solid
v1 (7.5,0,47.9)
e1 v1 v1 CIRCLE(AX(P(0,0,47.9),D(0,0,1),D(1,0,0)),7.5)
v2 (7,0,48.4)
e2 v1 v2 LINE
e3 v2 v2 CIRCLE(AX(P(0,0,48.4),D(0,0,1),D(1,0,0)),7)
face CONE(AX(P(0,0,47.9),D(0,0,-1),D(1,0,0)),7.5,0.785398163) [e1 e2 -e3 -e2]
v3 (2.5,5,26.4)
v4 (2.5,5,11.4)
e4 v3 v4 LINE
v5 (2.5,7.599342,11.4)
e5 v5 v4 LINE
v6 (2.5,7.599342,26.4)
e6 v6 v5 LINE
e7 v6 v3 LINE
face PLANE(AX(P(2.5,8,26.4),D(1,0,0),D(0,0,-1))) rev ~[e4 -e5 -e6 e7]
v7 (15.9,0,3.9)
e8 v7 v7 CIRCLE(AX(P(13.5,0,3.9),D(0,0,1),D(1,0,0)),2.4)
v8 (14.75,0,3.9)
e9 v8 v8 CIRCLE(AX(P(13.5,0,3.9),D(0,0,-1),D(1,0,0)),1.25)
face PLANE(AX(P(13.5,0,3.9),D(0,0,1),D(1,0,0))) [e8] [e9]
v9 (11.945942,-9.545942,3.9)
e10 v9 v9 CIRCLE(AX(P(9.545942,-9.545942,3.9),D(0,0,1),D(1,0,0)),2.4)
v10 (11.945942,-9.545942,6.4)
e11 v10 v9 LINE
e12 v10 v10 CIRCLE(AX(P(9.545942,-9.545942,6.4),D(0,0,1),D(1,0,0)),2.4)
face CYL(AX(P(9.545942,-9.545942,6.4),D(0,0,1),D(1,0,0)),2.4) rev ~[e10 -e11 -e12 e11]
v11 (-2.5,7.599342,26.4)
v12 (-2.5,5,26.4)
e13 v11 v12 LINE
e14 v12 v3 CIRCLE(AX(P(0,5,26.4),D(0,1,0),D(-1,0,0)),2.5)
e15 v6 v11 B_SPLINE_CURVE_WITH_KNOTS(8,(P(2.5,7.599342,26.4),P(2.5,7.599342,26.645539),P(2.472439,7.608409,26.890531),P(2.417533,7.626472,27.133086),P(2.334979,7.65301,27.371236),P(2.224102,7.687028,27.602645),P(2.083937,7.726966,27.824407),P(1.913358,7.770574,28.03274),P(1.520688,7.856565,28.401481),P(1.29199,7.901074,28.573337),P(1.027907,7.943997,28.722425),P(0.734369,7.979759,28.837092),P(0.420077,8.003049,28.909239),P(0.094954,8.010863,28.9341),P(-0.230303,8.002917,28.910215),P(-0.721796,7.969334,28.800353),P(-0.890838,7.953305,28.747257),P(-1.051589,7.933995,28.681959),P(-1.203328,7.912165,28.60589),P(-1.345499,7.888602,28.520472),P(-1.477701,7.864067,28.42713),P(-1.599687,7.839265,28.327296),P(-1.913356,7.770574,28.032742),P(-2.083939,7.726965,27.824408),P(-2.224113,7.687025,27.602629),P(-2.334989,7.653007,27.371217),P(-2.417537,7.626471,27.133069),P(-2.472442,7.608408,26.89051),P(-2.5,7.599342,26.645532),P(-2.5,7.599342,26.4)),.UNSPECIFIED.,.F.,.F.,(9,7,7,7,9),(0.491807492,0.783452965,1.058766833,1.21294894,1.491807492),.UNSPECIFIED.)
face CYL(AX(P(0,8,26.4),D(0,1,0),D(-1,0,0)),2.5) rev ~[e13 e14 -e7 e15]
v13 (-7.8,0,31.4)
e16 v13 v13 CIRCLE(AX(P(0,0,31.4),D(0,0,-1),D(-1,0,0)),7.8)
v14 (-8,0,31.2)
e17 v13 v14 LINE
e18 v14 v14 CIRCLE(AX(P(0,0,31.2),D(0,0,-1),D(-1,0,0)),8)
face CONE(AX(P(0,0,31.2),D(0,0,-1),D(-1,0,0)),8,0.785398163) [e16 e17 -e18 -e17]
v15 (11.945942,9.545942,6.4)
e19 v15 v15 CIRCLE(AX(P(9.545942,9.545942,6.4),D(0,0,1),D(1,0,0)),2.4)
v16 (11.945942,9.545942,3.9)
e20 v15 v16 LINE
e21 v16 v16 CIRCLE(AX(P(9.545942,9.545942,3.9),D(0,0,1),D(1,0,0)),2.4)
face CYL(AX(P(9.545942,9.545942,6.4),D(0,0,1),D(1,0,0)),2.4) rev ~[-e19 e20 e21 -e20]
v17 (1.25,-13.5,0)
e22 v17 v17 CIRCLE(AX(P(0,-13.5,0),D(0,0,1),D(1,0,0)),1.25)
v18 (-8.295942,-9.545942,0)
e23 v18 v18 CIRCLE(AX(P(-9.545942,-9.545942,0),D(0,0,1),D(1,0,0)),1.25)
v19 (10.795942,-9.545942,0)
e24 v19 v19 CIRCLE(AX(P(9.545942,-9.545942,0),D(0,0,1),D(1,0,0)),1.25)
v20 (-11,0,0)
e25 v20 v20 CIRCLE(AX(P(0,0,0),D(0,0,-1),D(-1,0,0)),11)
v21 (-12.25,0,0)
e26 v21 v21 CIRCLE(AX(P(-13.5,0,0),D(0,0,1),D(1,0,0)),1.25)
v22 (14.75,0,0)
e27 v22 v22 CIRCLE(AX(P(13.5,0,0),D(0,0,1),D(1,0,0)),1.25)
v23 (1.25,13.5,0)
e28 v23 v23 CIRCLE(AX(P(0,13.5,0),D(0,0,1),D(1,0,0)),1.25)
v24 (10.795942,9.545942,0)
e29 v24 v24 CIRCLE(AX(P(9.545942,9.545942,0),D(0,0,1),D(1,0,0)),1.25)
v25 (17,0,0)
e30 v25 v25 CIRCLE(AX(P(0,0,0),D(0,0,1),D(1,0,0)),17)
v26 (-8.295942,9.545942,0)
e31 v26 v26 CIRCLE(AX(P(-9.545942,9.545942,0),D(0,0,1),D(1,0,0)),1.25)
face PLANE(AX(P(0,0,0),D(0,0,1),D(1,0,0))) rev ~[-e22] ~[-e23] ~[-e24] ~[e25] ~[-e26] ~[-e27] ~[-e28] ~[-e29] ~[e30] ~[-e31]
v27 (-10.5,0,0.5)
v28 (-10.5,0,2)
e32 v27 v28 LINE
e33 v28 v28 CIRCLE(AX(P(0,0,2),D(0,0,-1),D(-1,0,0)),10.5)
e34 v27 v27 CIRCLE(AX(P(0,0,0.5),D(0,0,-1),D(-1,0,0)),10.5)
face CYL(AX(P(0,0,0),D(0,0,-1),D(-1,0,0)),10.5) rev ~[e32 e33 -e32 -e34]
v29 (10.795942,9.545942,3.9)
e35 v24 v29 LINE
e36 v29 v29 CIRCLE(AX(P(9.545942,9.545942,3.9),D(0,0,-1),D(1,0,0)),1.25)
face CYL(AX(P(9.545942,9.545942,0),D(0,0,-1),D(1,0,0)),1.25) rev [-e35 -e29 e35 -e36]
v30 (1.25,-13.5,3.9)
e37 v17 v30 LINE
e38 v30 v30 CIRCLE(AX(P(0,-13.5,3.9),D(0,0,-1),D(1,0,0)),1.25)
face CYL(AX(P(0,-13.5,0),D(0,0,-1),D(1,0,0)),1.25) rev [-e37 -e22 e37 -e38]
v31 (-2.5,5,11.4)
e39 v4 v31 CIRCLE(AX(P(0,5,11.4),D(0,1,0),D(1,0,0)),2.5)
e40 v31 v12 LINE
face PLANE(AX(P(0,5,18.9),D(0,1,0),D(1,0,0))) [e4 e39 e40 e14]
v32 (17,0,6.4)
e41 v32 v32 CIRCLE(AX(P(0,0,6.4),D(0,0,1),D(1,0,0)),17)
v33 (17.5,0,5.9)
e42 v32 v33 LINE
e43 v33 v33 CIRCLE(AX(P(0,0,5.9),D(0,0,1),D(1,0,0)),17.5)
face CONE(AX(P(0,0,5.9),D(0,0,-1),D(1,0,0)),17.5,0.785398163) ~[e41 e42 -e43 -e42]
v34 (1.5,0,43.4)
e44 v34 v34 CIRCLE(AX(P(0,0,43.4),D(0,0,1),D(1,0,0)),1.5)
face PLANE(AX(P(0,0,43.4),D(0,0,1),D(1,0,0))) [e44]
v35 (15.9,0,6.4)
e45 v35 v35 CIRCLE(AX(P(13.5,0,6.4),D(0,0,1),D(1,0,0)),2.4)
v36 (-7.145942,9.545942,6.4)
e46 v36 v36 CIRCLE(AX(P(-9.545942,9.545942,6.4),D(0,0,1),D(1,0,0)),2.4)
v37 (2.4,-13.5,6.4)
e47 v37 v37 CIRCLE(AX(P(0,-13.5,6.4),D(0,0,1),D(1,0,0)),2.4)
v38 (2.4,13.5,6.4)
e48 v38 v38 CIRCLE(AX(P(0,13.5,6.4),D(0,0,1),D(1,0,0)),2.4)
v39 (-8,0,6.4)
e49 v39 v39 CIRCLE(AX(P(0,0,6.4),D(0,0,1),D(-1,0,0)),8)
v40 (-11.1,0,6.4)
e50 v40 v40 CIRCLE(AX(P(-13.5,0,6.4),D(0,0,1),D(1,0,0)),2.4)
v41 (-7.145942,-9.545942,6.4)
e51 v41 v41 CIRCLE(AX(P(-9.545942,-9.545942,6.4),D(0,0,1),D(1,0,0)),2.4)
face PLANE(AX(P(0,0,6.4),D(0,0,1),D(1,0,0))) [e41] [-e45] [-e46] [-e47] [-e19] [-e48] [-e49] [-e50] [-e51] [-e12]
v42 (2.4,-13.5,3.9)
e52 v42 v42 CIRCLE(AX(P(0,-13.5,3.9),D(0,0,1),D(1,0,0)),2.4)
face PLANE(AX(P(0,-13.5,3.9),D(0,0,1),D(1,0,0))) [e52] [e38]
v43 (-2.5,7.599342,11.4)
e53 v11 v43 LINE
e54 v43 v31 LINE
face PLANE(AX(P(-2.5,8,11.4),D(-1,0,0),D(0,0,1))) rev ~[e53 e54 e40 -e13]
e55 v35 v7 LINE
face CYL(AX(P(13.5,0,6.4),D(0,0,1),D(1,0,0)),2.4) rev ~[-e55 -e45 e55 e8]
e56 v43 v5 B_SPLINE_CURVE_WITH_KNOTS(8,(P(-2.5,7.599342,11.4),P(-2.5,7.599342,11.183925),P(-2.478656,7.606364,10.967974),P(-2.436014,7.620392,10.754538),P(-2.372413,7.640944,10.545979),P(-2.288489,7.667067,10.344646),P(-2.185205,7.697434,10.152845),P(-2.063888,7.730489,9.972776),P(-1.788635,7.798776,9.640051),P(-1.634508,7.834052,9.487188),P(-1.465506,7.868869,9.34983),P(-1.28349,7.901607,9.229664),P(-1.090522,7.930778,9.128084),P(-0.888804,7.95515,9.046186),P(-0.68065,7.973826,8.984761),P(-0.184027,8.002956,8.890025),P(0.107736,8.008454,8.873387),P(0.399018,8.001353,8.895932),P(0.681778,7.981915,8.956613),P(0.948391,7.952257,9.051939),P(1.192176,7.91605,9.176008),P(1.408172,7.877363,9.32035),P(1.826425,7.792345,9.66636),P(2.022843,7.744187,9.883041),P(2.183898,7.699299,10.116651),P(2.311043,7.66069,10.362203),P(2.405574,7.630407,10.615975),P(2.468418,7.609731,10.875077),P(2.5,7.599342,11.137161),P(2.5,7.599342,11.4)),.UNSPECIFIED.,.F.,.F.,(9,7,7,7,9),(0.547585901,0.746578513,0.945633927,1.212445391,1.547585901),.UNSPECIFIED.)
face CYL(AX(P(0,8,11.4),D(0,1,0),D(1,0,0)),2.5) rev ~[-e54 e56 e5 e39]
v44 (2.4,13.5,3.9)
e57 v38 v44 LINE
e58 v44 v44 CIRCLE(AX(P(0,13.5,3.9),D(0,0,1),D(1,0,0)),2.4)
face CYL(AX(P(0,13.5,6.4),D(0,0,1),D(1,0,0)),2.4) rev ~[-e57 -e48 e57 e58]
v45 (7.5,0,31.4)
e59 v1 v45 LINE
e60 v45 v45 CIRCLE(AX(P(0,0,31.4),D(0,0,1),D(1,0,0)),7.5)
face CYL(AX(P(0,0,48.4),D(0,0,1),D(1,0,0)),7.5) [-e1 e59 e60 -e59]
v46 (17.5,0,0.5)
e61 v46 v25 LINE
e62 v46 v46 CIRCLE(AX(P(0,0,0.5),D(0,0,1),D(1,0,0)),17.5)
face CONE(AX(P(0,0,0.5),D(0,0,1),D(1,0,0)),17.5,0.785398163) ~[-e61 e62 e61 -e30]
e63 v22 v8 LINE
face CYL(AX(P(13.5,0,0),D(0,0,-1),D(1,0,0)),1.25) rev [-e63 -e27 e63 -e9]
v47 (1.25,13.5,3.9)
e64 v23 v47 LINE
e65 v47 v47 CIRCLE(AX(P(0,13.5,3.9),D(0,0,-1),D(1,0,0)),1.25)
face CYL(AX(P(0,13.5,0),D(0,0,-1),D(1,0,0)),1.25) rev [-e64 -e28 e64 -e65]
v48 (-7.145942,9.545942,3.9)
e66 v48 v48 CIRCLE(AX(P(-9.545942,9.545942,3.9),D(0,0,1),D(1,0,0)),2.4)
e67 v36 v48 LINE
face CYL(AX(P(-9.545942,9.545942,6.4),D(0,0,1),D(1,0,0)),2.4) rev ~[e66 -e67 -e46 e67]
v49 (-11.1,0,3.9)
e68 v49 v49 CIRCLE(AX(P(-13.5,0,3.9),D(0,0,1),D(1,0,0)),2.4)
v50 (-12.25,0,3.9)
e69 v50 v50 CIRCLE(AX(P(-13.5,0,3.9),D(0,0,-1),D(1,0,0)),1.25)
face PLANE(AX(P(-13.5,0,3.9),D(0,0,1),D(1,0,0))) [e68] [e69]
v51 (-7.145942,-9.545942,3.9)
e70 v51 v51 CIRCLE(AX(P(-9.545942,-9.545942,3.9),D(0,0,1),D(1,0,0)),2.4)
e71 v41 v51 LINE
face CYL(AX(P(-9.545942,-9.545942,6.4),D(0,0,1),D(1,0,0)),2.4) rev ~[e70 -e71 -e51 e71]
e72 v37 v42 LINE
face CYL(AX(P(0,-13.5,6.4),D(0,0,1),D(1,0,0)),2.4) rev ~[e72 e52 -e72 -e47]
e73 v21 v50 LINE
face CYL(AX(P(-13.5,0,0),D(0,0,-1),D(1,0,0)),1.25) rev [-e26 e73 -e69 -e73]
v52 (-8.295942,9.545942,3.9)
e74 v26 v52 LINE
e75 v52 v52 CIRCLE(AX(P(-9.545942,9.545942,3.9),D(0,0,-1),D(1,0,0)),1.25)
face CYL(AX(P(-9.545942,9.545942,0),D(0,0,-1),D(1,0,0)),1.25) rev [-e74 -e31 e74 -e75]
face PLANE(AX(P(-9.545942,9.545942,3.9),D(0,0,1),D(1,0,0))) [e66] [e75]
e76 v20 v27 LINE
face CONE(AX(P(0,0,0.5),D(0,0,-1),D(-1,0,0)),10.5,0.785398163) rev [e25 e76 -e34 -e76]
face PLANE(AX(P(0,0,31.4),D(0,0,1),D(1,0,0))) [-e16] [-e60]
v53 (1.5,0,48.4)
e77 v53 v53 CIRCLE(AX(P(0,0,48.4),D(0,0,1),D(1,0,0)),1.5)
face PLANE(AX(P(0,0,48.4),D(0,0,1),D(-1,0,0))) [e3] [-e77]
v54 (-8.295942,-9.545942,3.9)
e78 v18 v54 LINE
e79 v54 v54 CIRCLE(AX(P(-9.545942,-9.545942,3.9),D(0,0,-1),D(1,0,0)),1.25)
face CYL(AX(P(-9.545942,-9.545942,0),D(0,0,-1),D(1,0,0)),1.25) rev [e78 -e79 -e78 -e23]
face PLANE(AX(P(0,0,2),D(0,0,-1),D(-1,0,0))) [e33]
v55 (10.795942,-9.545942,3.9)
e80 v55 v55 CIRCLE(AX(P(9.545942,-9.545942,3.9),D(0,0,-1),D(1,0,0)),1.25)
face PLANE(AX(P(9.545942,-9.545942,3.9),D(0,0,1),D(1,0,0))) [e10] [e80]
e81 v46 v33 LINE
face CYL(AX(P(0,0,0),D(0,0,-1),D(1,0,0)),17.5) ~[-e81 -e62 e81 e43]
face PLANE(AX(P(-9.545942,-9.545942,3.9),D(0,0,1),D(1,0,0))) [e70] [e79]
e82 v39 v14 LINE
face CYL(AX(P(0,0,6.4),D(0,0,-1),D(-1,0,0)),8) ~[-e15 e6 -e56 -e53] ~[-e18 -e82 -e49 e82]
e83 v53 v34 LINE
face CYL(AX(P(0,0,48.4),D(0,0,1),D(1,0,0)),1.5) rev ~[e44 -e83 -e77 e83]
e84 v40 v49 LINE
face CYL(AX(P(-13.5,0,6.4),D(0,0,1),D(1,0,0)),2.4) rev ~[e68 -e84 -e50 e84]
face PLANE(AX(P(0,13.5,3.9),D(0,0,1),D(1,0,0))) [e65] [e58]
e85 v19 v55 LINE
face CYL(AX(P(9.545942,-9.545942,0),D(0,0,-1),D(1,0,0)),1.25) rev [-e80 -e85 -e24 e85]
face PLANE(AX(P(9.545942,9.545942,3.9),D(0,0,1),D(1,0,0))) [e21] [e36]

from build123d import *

# Parameters (mm, degrees)
SKETCH_1_R          = 17.5
SKETCH_1_R_2        = 1.25
EXTRUDE_1_DEPTH     = 6.4
SKETCH_2_R          = 8
EXTRUDE_2_DEPTH     = 42
CUT_EXTRUDE_1_DEPTH = 3
SKETCH_11_R         = 1.5
CUT_EXTRUDE_4_DEPTH = 5
SKETCH_12_OUTSIDE_W = 50.846
SKETCH_12_OUTSIDE_H = 50.846
SKETCH_12_OUTSIDE_R = 7.5
CUT_EXTRUDE_5_DEPTH = 17
CHAMFER_1_SIZE      = 0.5
CHAMFER_2_SIZE      = 0.2
SKETCH_39_R         = 2.4
CUT_EXTRUDE_8_DEPTH = 2.5
CHAMFER_3_SIZE      = 0.5
SKETCH_40_R         = 10.5
CUT_EXTRUDE_9_DEPTH = 2
CHAMFER_4_SIZE      = 0.5


with BuildPart() as part:
    # 草图1 → 凸台-拉伸1 (new body)
    with BuildSketch(Plane.XY):
        Circle(SKETCH_1_R)
        with Locations((0, 13.5)):
            Circle(SKETCH_1_R_2, mode=Mode.SUBTRACT)
        with Locations((9.545941546, 9.545941546)):
            Circle(SKETCH_1_R_2, mode=Mode.SUBTRACT)
        with Locations((13.5, 0)):
            Circle(SKETCH_1_R_2, mode=Mode.SUBTRACT)
        with Locations((9.545941546, -9.545941546)):
            Circle(SKETCH_1_R_2, mode=Mode.SUBTRACT)
        with Locations((0, -13.5)):
            Circle(SKETCH_1_R_2, mode=Mode.SUBTRACT)
        with Locations((-9.545941546, -9.545941546)):
            Circle(SKETCH_1_R_2, mode=Mode.SUBTRACT)
        with Locations((-13.5, 0)):
            Circle(SKETCH_1_R_2, mode=Mode.SUBTRACT)
        with Locations((-9.545941546, 9.545941546)):
            Circle(SKETCH_1_R_2, mode=Mode.SUBTRACT)
    extrude(amount=EXTRUDE_1_DEPTH)

    # 草图2 → 凸台-拉伸2 (add)
    with BuildSketch(Plane.XY.offset(6.4)):
        with Locations(Location((0, 0, 0), (0, 0, 180))):
            Circle(SKETCH_2_R)
    extrude(amount=EXTRUDE_2_DEPTH)

    # 草图6 → 切除-拉伸1 (cut)
    with BuildSketch(Plane(origin=(0, 8, 0), x_dir=(1, 0, 0), z_dir=(0, 1, 0))):
        with BuildLine():
            Line((-2.5, -11.4), (-2.5, -26.4))
            ThreePointArc((-2.5, -26.4), (0, -28.9), (2.5, -26.4))
            Line((2.5, -26.4), (2.5, -11.4))
            ThreePointArc((2.5, -11.4), (0, -8.9), (-2.5, -11.4))
        make_face()
    extrude(amount=-CUT_EXTRUDE_1_DEPTH, mode=Mode.SUBTRACT)

    # 草图11 → 切除-拉伸4 (cut)
    with BuildSketch(Plane.XY.offset(48.4)):
        Circle(SKETCH_11_R)
    extrude(amount=-CUT_EXTRUDE_4_DEPTH, mode=Mode.SUBTRACT)

    # 草图12 outside → 切除-拉伸5 (cut)
    with BuildSketch(Plane.XY.offset(48.4)):
        Rectangle(SKETCH_12_OUTSIDE_W, SKETCH_12_OUTSIDE_H)
        Circle(SKETCH_12_OUTSIDE_R, mode=Mode.SUBTRACT)
    extrude(amount=-CUT_EXTRUDE_5_DEPTH, mode=Mode.SUBTRACT)

    # 倒角1
    chamfer_1_edges = [part.edges().sort_by_distance(p)[0] for p in [
        (-7.5, 0, 48.4),
    ]]
    chamfer(chamfer_1_edges, length=CHAMFER_1_SIZE)

    # 倒角2
    chamfer_2_edges = [part.edges().sort_by_distance(p)[0] for p in [
        (8, 0, 31.4),
    ]]
    chamfer(chamfer_2_edges, length=CHAMFER_2_SIZE)

    # 草图39 → 切除-拉伸8 (cut)
    with BuildSketch(Plane.XY.offset(6.4)):
        with Locations((-9.545941546, 9.545941546)):
            Circle(SKETCH_39_R)
        with Locations((0, 13.5)):
            Circle(SKETCH_39_R)
        with Locations((9.545941546, 9.545941546)):
            Circle(SKETCH_39_R)
        with Locations((13.5, 0)):
            Circle(SKETCH_39_R)
        with Locations((9.545941546, -9.545941546)):
            Circle(SKETCH_39_R)
        with Locations((0, -13.5)):
            Circle(SKETCH_39_R)
        with Locations((-9.545941546, -9.545941546)):
            Circle(SKETCH_39_R)
        with Locations((-13.5, 0)):
            Circle(SKETCH_39_R)
    extrude(amount=-CUT_EXTRUDE_8_DEPTH, mode=Mode.SUBTRACT)

    # 倒角3
    chamfer_3_edges = [part.edges().sort_by_distance(p)[0] for p in [
        (-17.5, 0, 0),
        (-17.5, 0, 6.4),
    ]]
    chamfer(chamfer_3_edges, length=CHAMFER_3_SIZE)

    # 草图40 → 切除-拉伸9 (cut)
    with BuildSketch(Plane(origin=(0, 0, 0), x_dir=(-1, 0, 0), z_dir=(0, 0, -1))):
        Circle(SKETCH_40_R)
    extrude(amount=-CUT_EXTRUDE_9_DEPTH, mode=Mode.SUBTRACT)

    # 倒角4
    chamfer_4_edges = [part.edges().sort_by_distance(p)[0] for p in [
        (10.5, 0, 0),
    ]]
    chamfer(chamfer_4_edges, length=CHAMFER_4_SIZE)


solid = part.part
